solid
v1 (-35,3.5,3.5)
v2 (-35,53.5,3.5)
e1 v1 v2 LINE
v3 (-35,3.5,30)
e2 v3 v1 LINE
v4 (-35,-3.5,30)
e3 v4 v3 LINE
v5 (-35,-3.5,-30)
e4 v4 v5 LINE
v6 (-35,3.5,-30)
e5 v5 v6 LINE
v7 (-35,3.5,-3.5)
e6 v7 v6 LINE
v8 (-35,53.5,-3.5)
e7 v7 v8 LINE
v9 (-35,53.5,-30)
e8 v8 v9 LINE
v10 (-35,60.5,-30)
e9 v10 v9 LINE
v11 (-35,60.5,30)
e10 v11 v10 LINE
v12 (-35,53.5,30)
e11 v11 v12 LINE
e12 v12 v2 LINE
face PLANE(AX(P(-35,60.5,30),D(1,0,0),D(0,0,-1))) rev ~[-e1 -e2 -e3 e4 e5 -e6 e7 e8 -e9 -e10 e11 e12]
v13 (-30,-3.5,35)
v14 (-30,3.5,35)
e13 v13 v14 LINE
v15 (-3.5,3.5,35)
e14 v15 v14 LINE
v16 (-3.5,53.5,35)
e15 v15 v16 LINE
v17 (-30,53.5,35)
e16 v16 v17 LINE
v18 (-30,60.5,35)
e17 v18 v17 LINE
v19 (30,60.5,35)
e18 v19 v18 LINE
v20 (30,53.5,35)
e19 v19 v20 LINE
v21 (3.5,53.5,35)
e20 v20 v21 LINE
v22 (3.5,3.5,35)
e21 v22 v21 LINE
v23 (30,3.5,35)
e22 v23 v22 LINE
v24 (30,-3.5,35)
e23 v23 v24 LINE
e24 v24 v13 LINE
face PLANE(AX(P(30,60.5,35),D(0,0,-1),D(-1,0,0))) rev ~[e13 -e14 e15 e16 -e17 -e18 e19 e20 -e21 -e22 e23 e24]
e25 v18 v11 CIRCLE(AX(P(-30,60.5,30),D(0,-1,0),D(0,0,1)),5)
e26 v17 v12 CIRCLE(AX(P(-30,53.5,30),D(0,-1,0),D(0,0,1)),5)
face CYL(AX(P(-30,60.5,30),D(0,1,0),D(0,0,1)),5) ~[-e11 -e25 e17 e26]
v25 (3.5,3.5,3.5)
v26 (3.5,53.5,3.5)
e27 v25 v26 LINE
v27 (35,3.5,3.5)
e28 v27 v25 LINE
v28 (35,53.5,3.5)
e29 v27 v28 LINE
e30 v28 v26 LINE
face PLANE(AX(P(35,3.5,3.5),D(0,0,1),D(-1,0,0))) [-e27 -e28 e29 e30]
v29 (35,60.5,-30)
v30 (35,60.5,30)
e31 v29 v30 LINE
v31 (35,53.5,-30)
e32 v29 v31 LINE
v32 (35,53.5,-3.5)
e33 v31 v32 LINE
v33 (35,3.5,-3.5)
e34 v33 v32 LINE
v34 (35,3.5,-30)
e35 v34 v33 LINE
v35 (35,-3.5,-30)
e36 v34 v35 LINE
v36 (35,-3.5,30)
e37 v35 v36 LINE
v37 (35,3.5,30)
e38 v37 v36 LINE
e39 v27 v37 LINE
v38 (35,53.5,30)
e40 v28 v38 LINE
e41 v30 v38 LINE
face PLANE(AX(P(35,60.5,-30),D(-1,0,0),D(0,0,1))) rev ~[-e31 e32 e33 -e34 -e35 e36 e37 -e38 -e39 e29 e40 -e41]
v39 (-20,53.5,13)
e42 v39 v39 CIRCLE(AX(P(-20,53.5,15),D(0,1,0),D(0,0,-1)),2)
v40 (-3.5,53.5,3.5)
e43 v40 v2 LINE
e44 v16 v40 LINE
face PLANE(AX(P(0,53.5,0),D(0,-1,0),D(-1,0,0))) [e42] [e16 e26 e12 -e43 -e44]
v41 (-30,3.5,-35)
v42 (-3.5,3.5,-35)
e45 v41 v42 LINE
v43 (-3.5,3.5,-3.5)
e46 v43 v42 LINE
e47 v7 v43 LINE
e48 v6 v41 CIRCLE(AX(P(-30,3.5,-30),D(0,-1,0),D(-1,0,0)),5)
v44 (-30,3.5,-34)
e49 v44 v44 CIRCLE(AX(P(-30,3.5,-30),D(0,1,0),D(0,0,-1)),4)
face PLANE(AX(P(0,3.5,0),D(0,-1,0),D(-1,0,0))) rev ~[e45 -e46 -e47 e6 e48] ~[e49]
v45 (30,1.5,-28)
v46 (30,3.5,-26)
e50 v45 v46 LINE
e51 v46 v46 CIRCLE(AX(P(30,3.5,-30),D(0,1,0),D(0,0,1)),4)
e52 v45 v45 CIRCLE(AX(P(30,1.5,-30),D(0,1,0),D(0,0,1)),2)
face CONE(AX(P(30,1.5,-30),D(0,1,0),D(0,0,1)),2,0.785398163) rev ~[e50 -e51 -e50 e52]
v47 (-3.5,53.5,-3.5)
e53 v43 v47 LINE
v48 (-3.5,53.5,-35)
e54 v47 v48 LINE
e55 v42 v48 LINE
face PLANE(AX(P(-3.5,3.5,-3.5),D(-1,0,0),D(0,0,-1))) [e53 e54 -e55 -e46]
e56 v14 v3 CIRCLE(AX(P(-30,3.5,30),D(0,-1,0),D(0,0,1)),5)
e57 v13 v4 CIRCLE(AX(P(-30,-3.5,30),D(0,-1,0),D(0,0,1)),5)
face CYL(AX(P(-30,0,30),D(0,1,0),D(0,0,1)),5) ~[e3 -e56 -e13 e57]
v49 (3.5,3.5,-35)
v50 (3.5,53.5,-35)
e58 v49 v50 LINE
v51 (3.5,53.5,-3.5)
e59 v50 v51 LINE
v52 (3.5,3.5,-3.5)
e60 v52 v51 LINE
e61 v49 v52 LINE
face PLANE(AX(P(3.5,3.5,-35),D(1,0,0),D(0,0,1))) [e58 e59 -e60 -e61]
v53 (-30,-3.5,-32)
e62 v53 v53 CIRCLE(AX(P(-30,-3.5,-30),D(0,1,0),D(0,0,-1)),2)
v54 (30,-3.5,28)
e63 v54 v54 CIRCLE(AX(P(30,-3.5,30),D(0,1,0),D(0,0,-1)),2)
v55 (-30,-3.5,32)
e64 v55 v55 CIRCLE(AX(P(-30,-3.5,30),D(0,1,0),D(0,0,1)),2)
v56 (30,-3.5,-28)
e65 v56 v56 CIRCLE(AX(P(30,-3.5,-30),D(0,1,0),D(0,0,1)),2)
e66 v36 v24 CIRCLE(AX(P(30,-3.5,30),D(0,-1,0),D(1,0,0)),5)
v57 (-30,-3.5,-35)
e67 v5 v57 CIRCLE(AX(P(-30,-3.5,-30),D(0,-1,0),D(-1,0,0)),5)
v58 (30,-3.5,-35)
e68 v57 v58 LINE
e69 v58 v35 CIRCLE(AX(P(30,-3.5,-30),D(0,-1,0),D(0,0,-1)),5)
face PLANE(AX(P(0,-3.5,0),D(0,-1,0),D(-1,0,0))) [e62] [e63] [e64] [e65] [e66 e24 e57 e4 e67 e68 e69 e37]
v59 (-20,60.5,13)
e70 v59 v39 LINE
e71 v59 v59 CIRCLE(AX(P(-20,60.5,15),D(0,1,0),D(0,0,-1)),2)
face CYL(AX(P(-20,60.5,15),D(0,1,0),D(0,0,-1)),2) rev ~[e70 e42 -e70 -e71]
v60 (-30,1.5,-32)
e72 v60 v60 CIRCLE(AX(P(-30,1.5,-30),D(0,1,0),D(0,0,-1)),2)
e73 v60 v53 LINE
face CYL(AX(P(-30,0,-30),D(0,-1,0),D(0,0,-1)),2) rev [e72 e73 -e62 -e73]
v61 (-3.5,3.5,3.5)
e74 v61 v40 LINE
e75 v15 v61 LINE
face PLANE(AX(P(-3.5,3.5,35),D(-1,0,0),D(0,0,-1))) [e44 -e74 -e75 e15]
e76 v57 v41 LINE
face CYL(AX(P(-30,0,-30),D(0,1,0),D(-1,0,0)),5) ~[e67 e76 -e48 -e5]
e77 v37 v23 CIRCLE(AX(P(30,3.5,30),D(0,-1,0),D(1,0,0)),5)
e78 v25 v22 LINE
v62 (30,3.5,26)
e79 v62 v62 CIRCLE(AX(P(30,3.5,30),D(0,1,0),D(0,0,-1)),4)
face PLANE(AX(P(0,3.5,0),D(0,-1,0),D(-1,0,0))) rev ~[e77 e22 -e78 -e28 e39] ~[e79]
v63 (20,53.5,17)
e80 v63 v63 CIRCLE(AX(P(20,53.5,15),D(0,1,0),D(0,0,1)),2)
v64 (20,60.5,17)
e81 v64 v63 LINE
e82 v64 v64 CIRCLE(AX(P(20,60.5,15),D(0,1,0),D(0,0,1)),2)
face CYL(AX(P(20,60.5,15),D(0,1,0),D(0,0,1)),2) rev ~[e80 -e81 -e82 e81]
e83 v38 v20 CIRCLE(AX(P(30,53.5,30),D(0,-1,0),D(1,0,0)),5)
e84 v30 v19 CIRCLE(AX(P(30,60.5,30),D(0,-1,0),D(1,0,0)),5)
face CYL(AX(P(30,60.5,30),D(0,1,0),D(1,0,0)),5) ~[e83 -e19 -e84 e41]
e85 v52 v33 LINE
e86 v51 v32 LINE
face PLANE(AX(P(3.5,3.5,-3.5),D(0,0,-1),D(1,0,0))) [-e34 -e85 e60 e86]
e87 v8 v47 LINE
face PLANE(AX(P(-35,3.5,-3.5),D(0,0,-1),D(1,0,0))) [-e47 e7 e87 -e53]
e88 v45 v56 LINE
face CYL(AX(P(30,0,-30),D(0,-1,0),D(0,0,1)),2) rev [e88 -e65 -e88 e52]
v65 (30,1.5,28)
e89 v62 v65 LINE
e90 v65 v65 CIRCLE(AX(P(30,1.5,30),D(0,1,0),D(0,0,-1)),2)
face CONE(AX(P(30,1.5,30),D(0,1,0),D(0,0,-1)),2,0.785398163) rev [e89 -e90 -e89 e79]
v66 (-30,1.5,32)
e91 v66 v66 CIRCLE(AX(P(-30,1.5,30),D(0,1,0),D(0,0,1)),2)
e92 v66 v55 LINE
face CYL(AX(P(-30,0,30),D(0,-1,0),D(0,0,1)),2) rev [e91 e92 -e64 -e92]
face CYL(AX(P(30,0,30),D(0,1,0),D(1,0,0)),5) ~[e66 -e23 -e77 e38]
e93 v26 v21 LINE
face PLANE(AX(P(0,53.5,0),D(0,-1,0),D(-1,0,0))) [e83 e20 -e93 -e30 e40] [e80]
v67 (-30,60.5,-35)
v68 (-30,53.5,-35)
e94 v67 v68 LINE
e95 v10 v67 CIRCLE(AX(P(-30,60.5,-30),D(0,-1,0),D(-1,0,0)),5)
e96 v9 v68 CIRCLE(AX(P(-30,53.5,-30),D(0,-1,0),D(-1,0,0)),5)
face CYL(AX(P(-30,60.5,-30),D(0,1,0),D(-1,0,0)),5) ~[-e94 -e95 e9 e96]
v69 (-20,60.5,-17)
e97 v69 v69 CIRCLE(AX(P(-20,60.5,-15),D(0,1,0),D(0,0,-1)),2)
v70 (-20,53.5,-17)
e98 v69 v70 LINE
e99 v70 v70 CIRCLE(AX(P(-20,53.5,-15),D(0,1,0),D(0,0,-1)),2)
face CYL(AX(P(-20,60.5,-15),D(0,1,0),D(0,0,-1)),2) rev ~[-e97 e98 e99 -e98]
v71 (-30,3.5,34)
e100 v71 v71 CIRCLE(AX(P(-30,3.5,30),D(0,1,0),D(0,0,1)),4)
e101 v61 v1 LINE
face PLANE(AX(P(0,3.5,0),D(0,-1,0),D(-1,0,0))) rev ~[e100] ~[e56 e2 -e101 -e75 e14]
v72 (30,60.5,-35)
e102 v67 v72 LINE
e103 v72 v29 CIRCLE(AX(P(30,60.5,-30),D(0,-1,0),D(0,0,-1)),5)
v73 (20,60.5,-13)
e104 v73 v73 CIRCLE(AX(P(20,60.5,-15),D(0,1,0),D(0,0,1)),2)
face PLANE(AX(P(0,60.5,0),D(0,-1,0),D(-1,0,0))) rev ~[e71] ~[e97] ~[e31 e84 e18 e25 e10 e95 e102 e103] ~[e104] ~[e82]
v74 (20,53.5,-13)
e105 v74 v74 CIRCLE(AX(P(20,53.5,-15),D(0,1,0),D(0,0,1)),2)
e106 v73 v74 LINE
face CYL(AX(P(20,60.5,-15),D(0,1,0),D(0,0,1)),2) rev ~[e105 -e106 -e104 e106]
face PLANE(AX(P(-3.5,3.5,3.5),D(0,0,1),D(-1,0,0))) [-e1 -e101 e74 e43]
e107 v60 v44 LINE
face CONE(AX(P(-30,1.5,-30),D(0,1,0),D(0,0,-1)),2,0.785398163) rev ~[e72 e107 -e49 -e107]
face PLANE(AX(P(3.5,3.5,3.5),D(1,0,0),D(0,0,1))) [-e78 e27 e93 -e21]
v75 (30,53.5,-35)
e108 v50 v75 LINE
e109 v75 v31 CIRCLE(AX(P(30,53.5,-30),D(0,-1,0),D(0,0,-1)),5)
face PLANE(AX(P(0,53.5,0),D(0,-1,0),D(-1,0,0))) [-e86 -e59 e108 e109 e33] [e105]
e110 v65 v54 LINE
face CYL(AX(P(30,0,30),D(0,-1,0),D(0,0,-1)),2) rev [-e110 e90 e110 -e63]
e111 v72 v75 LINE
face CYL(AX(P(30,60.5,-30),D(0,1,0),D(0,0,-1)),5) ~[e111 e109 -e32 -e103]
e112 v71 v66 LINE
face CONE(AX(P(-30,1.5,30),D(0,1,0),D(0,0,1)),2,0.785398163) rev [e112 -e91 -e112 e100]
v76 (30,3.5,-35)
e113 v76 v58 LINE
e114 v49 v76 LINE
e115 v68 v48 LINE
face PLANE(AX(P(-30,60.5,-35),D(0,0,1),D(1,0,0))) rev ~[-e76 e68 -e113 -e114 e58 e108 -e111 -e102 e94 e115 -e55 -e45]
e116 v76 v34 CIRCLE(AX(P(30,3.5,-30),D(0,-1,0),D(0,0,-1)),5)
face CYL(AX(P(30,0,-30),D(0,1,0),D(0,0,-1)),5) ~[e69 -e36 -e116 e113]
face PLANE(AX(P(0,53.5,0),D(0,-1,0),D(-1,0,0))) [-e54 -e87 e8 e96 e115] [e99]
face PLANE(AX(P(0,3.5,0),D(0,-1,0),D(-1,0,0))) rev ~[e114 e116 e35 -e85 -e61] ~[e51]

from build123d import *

# Parameters (mm, degrees)
SKETCH1_R           = 2
BOSS_EXTRUDE1_DEPTH = 3.5
BOSS_EXTRUDE2_DEPTH = 50
BOSS_EXTRUDE3_START = 7
SKETCH3_R           = 2
BOSS_EXTRUDE3_DEPTH = 7
CHAMFER1_SIZE       = 2


with BuildPart() as part:
    # Sketch1 → Boss-Extrude1 (new, symmetric)
    with BuildSketch(Plane(origin=(0, 0, 0), x_dir=(1, 0, 0), z_dir=(0, 1, 0))):
        with BuildLine():
            Line((-30, 35), (30, 35))
            ThreePointArc((30, 35), (33.535533906, 33.535533906), (35, 30))
            Line((35, 30), (35, -30))
            ThreePointArc((35, -30), (33.535533906, -33.535533906), (30, -35))
            Line((30, -35), (-30, -35))
            ThreePointArc((-30, -35), (-33.535533906, -33.535533906), (-35, -30))
            Line((-35, -30), (-35, 30))
            ThreePointArc((-35, 30), (-33.535533906, 33.535533906), (-30, 35))
        make_face()
        with Locations(Location((30, 30, 0), (0, 0, 270))):
            Circle(SKETCH1_R, mode=Mode.SUBTRACT)
        with Locations(Location((-30, 30, 0), (0, 0, 90))):
            Circle(SKETCH1_R, mode=Mode.SUBTRACT)
        with Locations(Location((30, -30, 0), (0, 0, 90))):
            Circle(SKETCH1_R, mode=Mode.SUBTRACT)
        with Locations(Location((-30, -30, 0), (0, 0, 270))):
            Circle(SKETCH1_R, mode=Mode.SUBTRACT)
    extrude(amount=BOSS_EXTRUDE1_DEPTH, both=True)

    # Sketch2 → Boss-Extrude2 (add)
    with BuildSketch(Plane(origin=(0, 3.5, 0), x_dir=(1, 0, 0), z_dir=(0, 1, 0))):
        Polygon((-3.5, 35), (3.5, 35), (3.5, 3.5), (35, 3.5), (35, -3.5), (3.5, -3.5), (3.5, -35), (-3.5, -35), (-3.5, -3.5), (-35, -3.5), (-35, 3.5), (-3.5, 3.5), align=None)
    extrude(amount=BOSS_EXTRUDE2_DEPTH)

    # Sketch3 → Boss-Extrude3 (add)
    with BuildSketch(Plane(origin=(0, 53.5, 0), x_dir=(1, 0, 0), z_dir=(0, 1, 0)).offset(BOSS_EXTRUDE3_START)):
        with BuildLine():
            Line((30, -35), (-30, -35))
            ThreePointArc((-30, -35), (-33.535533906, -33.535533906), (-35, -30))
            Line((-35, -30), (-35, 30))
            ThreePointArc((-35, 30), (-33.535533906, 33.535533906), (-30, 35))
            Line((-30, 35), (30, 35))
            ThreePointArc((30, 35), (33.535533906, 33.535533906), (35, 30))
            Line((35, 30), (35, -30))
            ThreePointArc((35, -30), (33.535533906, -33.535533906), (30, -35))
        make_face()
        with Locations(Location((20, -15, 0), (0, 0, 270))):
            Circle(SKETCH3_R, mode=Mode.SUBTRACT)
        with Locations(Location((20, 15, 0), (0, 0, 270))):
            Circle(SKETCH3_R, mode=Mode.SUBTRACT)
        with Locations(Location((-20, 15, 0), (0, 0, 90))):
            Circle(SKETCH3_R, mode=Mode.SUBTRACT)
        with Locations(Location((-20, -15, 0), (0, 0, 90))):
            Circle(SKETCH3_R, mode=Mode.SUBTRACT)
    extrude(amount=-BOSS_EXTRUDE3_DEPTH)

    # Chamfer1
    chamfer1_edges = [part.edges().sort_by_distance(p)[0] for p in [
        (30, 3.5, -32),
        (-30, 3.5, -28),
        (30, 3.5, 32),
        (-30, 3.5, 28),
    ]]
    chamfer(chamfer1_edges, length=CHAMFER1_SIZE)


solid = part.part
